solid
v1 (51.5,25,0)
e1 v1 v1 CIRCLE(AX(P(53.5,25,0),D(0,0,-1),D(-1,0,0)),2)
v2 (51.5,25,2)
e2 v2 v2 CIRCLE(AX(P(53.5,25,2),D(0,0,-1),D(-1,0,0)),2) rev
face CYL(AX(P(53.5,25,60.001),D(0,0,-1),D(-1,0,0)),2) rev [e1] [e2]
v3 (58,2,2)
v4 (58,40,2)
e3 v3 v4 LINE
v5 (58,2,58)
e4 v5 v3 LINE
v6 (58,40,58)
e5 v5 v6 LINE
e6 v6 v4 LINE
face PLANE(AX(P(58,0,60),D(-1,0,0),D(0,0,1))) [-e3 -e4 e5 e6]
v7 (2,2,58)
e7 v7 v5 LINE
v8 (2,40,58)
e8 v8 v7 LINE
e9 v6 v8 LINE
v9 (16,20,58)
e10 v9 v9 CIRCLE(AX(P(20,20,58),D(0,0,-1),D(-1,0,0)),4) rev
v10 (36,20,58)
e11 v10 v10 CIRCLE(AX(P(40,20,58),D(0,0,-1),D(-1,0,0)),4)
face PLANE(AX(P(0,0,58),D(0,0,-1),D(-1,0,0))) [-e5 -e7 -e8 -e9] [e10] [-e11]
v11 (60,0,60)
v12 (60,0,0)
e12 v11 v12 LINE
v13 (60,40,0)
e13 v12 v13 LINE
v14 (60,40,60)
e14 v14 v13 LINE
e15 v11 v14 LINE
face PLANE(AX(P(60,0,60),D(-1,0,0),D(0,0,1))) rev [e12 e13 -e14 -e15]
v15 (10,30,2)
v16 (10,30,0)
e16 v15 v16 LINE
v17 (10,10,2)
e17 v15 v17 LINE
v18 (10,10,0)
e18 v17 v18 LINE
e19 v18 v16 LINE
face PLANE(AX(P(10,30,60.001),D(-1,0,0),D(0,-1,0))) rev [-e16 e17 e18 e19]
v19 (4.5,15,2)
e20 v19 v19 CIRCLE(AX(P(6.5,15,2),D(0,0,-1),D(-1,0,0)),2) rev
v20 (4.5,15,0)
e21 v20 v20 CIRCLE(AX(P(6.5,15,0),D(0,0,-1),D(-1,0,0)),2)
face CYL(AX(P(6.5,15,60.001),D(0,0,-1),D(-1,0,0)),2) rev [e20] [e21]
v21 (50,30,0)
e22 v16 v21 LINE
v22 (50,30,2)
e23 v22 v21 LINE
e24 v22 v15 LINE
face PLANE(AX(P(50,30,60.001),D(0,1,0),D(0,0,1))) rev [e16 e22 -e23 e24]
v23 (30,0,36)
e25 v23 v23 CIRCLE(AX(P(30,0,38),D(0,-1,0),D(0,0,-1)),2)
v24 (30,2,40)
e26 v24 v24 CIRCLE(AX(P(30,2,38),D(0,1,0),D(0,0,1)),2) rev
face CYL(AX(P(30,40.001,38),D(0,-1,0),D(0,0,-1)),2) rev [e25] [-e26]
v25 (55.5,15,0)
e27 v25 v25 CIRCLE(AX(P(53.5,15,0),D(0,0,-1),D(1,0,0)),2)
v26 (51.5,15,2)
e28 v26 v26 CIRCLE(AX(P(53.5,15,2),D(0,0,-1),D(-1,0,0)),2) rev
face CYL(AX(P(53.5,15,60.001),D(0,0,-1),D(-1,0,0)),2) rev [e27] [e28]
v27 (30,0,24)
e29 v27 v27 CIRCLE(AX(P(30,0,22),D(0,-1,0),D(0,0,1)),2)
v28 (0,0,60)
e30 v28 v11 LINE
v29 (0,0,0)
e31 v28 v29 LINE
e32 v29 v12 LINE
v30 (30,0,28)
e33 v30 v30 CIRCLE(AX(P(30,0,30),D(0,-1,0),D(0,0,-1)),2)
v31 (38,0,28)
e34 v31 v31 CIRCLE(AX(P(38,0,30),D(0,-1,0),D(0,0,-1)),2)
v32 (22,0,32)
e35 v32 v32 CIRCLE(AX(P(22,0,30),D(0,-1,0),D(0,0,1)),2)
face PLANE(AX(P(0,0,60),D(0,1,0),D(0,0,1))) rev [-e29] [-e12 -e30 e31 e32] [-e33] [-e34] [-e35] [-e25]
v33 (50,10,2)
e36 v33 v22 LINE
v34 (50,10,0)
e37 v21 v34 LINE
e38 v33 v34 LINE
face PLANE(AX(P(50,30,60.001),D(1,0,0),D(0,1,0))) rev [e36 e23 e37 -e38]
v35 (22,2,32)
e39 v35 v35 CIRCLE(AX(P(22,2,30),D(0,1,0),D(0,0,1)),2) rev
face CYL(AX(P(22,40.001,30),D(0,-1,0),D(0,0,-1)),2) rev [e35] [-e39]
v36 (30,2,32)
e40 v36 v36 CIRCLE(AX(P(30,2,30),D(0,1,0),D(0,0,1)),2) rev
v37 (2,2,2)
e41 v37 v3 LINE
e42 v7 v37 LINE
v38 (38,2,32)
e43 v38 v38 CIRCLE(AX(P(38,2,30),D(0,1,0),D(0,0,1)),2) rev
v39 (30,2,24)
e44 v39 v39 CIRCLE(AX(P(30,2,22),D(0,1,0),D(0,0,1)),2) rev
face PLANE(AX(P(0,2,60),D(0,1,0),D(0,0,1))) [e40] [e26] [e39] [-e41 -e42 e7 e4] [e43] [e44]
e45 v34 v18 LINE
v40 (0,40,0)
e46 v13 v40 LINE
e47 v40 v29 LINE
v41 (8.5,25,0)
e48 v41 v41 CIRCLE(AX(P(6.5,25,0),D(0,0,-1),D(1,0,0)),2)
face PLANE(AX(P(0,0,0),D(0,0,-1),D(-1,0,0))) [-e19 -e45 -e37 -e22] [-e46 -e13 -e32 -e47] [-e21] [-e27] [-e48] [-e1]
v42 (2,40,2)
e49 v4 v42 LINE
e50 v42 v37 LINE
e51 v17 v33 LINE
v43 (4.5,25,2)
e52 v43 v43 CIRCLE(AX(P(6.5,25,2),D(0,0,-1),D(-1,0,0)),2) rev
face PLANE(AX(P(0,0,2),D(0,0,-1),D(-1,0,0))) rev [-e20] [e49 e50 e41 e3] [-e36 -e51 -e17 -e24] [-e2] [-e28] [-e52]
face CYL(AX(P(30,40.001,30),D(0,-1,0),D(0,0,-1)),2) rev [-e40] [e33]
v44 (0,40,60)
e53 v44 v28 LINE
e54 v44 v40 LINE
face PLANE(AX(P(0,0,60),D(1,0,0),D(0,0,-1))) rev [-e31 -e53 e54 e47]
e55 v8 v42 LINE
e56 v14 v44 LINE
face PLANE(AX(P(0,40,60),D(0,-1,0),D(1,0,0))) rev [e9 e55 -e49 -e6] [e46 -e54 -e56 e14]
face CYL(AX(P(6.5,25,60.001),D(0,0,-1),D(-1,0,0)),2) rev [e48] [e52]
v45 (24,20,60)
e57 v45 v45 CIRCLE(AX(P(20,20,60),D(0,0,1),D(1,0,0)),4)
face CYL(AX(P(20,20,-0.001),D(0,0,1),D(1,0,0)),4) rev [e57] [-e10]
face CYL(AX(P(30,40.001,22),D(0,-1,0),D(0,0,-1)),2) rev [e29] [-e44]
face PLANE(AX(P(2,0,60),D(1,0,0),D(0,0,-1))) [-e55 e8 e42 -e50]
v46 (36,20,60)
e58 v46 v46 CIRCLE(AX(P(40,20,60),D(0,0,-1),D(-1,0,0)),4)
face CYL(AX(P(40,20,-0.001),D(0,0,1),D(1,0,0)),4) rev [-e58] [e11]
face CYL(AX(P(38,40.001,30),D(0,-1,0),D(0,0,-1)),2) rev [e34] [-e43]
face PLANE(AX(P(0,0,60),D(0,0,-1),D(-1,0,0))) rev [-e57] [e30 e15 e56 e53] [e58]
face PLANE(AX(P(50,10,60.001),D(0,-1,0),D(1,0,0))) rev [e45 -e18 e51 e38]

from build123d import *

# Parameters (mm, degrees)
IZIM2_W                     = 60
IZIM2_H                     = 40
Y_KSEKLIK_EKSTR_ZYON1_DEPTH = 60
BO_ALTMA1_T                 = -2
KES_EKSTR_ZYON2_REACH       = 95.808
IZIM4_R                     = 2
IZIM4_W                     = 40
IZIM4_H                     = 20
KES_EKSTR_ZYON3_REACH       = 95.808
IZIM5_R                     = 2
KES_EKSTR_ZYON4_REACH       = 95.808
IZIM6_R                     = 4


with BuildPart() as part:
    # Çizim2 → Yükseklik-Ekstrüzyon1 (new body)
    with BuildSketch(Plane.XY):
        with Locations((30, 20)):
            Rectangle(IZIM2_W, IZIM2_H)
    extrude(amount=Y_KSEKLIK_EKSTR_ZYON1_DEPTH)

    # İç Boşaltma1
    bo_altma1_openings = [part.faces().sort_by_distance(p)[0] for p in [
        (30, 40, 30),
    ]]
    offset(amount=BO_ALTMA1_T, openings=bo_altma1_openings, kind=Kind.INTERSECTION)

    # Çizim4 → Kes-Ekstrüzyon2 (cut, up to next)
    with BuildSketch(Plane(origin=(0, 0, 0), x_dir=(-1, 0, 0), z_dir=(0, 0, -1)), mode=Mode.PRIVATE) as kes_ekstr_zyon2_sk1:
        with Locations((-53.5, 25)):
            Circle(IZIM4_R)
    kes_ekstr_zyon2_tool1 = extrude(kes_ekstr_zyon2_sk1.sketch, amount=-KES_EKSTR_ZYON2_REACH, mode=Mode.PRIVATE) & part.part
    # Çizim4 → Kes-Ekstrüzyon2 (cut, up to next)
    with BuildSketch(Plane(origin=(0, 0, 0), x_dir=(-1, 0, 0), z_dir=(0, 0, -1)), mode=Mode.PRIVATE) as kes_ekstr_zyon2_sk2:
        with Locations((-53.5, 15)):
            Circle(IZIM4_R)
    kes_ekstr_zyon2_tool2 = extrude(kes_ekstr_zyon2_sk2.sketch, amount=-KES_EKSTR_ZYON2_REACH, mode=Mode.PRIVATE) & part.part
    # Çizim4 → Kes-Ekstrüzyon2 (cut, up to next)
    with BuildSketch(Plane(origin=(0, 0, 0), x_dir=(-1, 0, 0), z_dir=(0, 0, -1)), mode=Mode.PRIVATE) as kes_ekstr_zyon2_sk3:
        with Locations((-6.5, 15)):
            Circle(IZIM4_R)
    kes_ekstr_zyon2_tool3 = extrude(kes_ekstr_zyon2_sk3.sketch, amount=-KES_EKSTR_ZYON2_REACH, mode=Mode.PRIVATE) & part.part
    # Çizim4 → Kes-Ekstrüzyon2 (cut, up to next)
    with BuildSketch(Plane(origin=(0, 0, 0), x_dir=(-1, 0, 0), z_dir=(0, 0, -1)), mode=Mode.PRIVATE) as kes_ekstr_zyon2_sk4:
        with Locations((-6.5, 25)):
            Circle(IZIM4_R)
    kes_ekstr_zyon2_tool4 = extrude(kes_ekstr_zyon2_sk4.sketch, amount=-KES_EKSTR_ZYON2_REACH, mode=Mode.PRIVATE) & part.part
    # Çizim4 → Kes-Ekstrüzyon2 (cut, up to next)
    with BuildSketch(Plane(origin=(0, 0, 0), x_dir=(-1, 0, 0), z_dir=(0, 0, -1)), mode=Mode.PRIVATE) as kes_ekstr_zyon2_sk5:
        with Locations((-30, 20)):
            Rectangle(IZIM4_W, IZIM4_H)
    kes_ekstr_zyon2_tool5 = extrude(kes_ekstr_zyon2_sk5.sketch, amount=-KES_EKSTR_ZYON2_REACH, mode=Mode.PRIVATE) & part.part
    add(kes_ekstr_zyon2_tool1.solids().sort_by_distance((53.5, 25, 0))[0], mode=Mode.SUBTRACT)
    add(kes_ekstr_zyon2_tool2.solids().sort_by_distance((53.5, 15, 0))[0], mode=Mode.SUBTRACT)
    add(kes_ekstr_zyon2_tool3.solids().sort_by_distance((6.5, 15, 0))[0], mode=Mode.SUBTRACT)
    add(kes_ekstr_zyon2_tool4.solids().sort_by_distance((6.5, 25, 0))[0], mode=Mode.SUBTRACT)
    add(kes_ekstr_zyon2_tool5.solids().sort_by_distance((30, 20, 0))[0], mode=Mode.SUBTRACT)

    # Çizim5 → Kes-Ekstrüzyon3 (cut, up to next)
    with BuildSketch(Plane.XZ, mode=Mode.PRIVATE) as kes_ekstr_zyon3_sk1:
        with Locations(Location((30, 30, 0), (0, 0, 270))):
            Circle(IZIM5_R)
    kes_ekstr_zyon3_tool1 = extrude(kes_ekstr_zyon3_sk1.sketch, amount=-KES_EKSTR_ZYON3_REACH, mode=Mode.PRIVATE) & part.part
    # Çizim5 → Kes-Ekstrüzyon3 (cut, up to next)
    with BuildSketch(Plane.XZ, mode=Mode.PRIVATE) as kes_ekstr_zyon3_sk2:
        with Locations(Location((38, 30, 0), (0, 0, 270))):
            Circle(IZIM5_R)
    kes_ekstr_zyon3_tool2 = extrude(kes_ekstr_zyon3_sk2.sketch, amount=-KES_EKSTR_ZYON3_REACH, mode=Mode.PRIVATE) & part.part
    # Çizim5 → Kes-Ekstrüzyon3 (cut, up to next)
    with BuildSketch(Plane.XZ, mode=Mode.PRIVATE) as kes_ekstr_zyon3_sk3:
        with Locations(Location((30, 38, 0), (0, 0, 270))):
            Circle(IZIM5_R)
    kes_ekstr_zyon3_tool3 = extrude(kes_ekstr_zyon3_sk3.sketch, amount=-KES_EKSTR_ZYON3_REACH, mode=Mode.PRIVATE) & part.part
    # Çizim5 → Kes-Ekstrüzyon3 (cut, up to next)
    with BuildSketch(Plane.XZ, mode=Mode.PRIVATE) as kes_ekstr_zyon3_sk4:
        with Locations(Location((30, 22, 0), (0, 0, 90))):
            Circle(IZIM5_R)
    kes_ekstr_zyon3_tool4 = extrude(kes_ekstr_zyon3_sk4.sketch, amount=-KES_EKSTR_ZYON3_REACH, mode=Mode.PRIVATE) & part.part
    # Çizim5 → Kes-Ekstrüzyon3 (cut, up to next)
    with BuildSketch(Plane.XZ, mode=Mode.PRIVATE) as kes_ekstr_zyon3_sk5:
        with Locations(Location((22, 30, 0), (0, 0, 90))):
            Circle(IZIM5_R)
    kes_ekstr_zyon3_tool5 = extrude(kes_ekstr_zyon3_sk5.sketch, amount=-KES_EKSTR_ZYON3_REACH, mode=Mode.PRIVATE) & part.part
    add(kes_ekstr_zyon3_tool1.solids().sort_by_distance((30, 0, 30))[0], mode=Mode.SUBTRACT)
    add(kes_ekstr_zyon3_tool2.solids().sort_by_distance((38, 0, 30))[0], mode=Mode.SUBTRACT)
    add(kes_ekstr_zyon3_tool3.solids().sort_by_distance((30, 0, 38))[0], mode=Mode.SUBTRACT)
    add(kes_ekstr_zyon3_tool4.solids().sort_by_distance((30, 0, 22))[0], mode=Mode.SUBTRACT)
    add(kes_ekstr_zyon3_tool5.solids().sort_by_distance((22, 0, 30))[0], mode=Mode.SUBTRACT)

    # Çizim6 → Kes-Ekstrüzyon4 (cut, up to next)
    with BuildSketch(Plane.XY.offset(60), mode=Mode.PRIVATE) as kes_ekstr_zyon4_sk1:
        with Locations((20, 20)):
            Circle(IZIM6_R)
    kes_ekstr_zyon4_tool1 = extrude(kes_ekstr_zyon4_sk1.sketch, amount=-KES_EKSTR_ZYON4_REACH, mode=Mode.PRIVATE) & part.part
    # Çizim6 → Kes-Ekstrüzyon4 (cut, up to next)
    with BuildSketch(Plane.XY.offset(60), mode=Mode.PRIVATE) as kes_ekstr_zyon4_sk2:
        with Locations(Location((40, 20, 0), (0, 0, 180))):
            Circle(IZIM6_R)
    kes_ekstr_zyon4_tool2 = extrude(kes_ekstr_zyon4_sk2.sketch, amount=-KES_EKSTR_ZYON4_REACH, mode=Mode.PRIVATE) & part.part
    add(kes_ekstr_zyon4_tool1.solids().sort_by_distance((20, 20, 60))[0], mode=Mode.SUBTRACT)
    add(kes_ekstr_zyon4_tool2.solids().sort_by_distance((40, 20, 60))[0], mode=Mode.SUBTRACT)


solid = part.part
